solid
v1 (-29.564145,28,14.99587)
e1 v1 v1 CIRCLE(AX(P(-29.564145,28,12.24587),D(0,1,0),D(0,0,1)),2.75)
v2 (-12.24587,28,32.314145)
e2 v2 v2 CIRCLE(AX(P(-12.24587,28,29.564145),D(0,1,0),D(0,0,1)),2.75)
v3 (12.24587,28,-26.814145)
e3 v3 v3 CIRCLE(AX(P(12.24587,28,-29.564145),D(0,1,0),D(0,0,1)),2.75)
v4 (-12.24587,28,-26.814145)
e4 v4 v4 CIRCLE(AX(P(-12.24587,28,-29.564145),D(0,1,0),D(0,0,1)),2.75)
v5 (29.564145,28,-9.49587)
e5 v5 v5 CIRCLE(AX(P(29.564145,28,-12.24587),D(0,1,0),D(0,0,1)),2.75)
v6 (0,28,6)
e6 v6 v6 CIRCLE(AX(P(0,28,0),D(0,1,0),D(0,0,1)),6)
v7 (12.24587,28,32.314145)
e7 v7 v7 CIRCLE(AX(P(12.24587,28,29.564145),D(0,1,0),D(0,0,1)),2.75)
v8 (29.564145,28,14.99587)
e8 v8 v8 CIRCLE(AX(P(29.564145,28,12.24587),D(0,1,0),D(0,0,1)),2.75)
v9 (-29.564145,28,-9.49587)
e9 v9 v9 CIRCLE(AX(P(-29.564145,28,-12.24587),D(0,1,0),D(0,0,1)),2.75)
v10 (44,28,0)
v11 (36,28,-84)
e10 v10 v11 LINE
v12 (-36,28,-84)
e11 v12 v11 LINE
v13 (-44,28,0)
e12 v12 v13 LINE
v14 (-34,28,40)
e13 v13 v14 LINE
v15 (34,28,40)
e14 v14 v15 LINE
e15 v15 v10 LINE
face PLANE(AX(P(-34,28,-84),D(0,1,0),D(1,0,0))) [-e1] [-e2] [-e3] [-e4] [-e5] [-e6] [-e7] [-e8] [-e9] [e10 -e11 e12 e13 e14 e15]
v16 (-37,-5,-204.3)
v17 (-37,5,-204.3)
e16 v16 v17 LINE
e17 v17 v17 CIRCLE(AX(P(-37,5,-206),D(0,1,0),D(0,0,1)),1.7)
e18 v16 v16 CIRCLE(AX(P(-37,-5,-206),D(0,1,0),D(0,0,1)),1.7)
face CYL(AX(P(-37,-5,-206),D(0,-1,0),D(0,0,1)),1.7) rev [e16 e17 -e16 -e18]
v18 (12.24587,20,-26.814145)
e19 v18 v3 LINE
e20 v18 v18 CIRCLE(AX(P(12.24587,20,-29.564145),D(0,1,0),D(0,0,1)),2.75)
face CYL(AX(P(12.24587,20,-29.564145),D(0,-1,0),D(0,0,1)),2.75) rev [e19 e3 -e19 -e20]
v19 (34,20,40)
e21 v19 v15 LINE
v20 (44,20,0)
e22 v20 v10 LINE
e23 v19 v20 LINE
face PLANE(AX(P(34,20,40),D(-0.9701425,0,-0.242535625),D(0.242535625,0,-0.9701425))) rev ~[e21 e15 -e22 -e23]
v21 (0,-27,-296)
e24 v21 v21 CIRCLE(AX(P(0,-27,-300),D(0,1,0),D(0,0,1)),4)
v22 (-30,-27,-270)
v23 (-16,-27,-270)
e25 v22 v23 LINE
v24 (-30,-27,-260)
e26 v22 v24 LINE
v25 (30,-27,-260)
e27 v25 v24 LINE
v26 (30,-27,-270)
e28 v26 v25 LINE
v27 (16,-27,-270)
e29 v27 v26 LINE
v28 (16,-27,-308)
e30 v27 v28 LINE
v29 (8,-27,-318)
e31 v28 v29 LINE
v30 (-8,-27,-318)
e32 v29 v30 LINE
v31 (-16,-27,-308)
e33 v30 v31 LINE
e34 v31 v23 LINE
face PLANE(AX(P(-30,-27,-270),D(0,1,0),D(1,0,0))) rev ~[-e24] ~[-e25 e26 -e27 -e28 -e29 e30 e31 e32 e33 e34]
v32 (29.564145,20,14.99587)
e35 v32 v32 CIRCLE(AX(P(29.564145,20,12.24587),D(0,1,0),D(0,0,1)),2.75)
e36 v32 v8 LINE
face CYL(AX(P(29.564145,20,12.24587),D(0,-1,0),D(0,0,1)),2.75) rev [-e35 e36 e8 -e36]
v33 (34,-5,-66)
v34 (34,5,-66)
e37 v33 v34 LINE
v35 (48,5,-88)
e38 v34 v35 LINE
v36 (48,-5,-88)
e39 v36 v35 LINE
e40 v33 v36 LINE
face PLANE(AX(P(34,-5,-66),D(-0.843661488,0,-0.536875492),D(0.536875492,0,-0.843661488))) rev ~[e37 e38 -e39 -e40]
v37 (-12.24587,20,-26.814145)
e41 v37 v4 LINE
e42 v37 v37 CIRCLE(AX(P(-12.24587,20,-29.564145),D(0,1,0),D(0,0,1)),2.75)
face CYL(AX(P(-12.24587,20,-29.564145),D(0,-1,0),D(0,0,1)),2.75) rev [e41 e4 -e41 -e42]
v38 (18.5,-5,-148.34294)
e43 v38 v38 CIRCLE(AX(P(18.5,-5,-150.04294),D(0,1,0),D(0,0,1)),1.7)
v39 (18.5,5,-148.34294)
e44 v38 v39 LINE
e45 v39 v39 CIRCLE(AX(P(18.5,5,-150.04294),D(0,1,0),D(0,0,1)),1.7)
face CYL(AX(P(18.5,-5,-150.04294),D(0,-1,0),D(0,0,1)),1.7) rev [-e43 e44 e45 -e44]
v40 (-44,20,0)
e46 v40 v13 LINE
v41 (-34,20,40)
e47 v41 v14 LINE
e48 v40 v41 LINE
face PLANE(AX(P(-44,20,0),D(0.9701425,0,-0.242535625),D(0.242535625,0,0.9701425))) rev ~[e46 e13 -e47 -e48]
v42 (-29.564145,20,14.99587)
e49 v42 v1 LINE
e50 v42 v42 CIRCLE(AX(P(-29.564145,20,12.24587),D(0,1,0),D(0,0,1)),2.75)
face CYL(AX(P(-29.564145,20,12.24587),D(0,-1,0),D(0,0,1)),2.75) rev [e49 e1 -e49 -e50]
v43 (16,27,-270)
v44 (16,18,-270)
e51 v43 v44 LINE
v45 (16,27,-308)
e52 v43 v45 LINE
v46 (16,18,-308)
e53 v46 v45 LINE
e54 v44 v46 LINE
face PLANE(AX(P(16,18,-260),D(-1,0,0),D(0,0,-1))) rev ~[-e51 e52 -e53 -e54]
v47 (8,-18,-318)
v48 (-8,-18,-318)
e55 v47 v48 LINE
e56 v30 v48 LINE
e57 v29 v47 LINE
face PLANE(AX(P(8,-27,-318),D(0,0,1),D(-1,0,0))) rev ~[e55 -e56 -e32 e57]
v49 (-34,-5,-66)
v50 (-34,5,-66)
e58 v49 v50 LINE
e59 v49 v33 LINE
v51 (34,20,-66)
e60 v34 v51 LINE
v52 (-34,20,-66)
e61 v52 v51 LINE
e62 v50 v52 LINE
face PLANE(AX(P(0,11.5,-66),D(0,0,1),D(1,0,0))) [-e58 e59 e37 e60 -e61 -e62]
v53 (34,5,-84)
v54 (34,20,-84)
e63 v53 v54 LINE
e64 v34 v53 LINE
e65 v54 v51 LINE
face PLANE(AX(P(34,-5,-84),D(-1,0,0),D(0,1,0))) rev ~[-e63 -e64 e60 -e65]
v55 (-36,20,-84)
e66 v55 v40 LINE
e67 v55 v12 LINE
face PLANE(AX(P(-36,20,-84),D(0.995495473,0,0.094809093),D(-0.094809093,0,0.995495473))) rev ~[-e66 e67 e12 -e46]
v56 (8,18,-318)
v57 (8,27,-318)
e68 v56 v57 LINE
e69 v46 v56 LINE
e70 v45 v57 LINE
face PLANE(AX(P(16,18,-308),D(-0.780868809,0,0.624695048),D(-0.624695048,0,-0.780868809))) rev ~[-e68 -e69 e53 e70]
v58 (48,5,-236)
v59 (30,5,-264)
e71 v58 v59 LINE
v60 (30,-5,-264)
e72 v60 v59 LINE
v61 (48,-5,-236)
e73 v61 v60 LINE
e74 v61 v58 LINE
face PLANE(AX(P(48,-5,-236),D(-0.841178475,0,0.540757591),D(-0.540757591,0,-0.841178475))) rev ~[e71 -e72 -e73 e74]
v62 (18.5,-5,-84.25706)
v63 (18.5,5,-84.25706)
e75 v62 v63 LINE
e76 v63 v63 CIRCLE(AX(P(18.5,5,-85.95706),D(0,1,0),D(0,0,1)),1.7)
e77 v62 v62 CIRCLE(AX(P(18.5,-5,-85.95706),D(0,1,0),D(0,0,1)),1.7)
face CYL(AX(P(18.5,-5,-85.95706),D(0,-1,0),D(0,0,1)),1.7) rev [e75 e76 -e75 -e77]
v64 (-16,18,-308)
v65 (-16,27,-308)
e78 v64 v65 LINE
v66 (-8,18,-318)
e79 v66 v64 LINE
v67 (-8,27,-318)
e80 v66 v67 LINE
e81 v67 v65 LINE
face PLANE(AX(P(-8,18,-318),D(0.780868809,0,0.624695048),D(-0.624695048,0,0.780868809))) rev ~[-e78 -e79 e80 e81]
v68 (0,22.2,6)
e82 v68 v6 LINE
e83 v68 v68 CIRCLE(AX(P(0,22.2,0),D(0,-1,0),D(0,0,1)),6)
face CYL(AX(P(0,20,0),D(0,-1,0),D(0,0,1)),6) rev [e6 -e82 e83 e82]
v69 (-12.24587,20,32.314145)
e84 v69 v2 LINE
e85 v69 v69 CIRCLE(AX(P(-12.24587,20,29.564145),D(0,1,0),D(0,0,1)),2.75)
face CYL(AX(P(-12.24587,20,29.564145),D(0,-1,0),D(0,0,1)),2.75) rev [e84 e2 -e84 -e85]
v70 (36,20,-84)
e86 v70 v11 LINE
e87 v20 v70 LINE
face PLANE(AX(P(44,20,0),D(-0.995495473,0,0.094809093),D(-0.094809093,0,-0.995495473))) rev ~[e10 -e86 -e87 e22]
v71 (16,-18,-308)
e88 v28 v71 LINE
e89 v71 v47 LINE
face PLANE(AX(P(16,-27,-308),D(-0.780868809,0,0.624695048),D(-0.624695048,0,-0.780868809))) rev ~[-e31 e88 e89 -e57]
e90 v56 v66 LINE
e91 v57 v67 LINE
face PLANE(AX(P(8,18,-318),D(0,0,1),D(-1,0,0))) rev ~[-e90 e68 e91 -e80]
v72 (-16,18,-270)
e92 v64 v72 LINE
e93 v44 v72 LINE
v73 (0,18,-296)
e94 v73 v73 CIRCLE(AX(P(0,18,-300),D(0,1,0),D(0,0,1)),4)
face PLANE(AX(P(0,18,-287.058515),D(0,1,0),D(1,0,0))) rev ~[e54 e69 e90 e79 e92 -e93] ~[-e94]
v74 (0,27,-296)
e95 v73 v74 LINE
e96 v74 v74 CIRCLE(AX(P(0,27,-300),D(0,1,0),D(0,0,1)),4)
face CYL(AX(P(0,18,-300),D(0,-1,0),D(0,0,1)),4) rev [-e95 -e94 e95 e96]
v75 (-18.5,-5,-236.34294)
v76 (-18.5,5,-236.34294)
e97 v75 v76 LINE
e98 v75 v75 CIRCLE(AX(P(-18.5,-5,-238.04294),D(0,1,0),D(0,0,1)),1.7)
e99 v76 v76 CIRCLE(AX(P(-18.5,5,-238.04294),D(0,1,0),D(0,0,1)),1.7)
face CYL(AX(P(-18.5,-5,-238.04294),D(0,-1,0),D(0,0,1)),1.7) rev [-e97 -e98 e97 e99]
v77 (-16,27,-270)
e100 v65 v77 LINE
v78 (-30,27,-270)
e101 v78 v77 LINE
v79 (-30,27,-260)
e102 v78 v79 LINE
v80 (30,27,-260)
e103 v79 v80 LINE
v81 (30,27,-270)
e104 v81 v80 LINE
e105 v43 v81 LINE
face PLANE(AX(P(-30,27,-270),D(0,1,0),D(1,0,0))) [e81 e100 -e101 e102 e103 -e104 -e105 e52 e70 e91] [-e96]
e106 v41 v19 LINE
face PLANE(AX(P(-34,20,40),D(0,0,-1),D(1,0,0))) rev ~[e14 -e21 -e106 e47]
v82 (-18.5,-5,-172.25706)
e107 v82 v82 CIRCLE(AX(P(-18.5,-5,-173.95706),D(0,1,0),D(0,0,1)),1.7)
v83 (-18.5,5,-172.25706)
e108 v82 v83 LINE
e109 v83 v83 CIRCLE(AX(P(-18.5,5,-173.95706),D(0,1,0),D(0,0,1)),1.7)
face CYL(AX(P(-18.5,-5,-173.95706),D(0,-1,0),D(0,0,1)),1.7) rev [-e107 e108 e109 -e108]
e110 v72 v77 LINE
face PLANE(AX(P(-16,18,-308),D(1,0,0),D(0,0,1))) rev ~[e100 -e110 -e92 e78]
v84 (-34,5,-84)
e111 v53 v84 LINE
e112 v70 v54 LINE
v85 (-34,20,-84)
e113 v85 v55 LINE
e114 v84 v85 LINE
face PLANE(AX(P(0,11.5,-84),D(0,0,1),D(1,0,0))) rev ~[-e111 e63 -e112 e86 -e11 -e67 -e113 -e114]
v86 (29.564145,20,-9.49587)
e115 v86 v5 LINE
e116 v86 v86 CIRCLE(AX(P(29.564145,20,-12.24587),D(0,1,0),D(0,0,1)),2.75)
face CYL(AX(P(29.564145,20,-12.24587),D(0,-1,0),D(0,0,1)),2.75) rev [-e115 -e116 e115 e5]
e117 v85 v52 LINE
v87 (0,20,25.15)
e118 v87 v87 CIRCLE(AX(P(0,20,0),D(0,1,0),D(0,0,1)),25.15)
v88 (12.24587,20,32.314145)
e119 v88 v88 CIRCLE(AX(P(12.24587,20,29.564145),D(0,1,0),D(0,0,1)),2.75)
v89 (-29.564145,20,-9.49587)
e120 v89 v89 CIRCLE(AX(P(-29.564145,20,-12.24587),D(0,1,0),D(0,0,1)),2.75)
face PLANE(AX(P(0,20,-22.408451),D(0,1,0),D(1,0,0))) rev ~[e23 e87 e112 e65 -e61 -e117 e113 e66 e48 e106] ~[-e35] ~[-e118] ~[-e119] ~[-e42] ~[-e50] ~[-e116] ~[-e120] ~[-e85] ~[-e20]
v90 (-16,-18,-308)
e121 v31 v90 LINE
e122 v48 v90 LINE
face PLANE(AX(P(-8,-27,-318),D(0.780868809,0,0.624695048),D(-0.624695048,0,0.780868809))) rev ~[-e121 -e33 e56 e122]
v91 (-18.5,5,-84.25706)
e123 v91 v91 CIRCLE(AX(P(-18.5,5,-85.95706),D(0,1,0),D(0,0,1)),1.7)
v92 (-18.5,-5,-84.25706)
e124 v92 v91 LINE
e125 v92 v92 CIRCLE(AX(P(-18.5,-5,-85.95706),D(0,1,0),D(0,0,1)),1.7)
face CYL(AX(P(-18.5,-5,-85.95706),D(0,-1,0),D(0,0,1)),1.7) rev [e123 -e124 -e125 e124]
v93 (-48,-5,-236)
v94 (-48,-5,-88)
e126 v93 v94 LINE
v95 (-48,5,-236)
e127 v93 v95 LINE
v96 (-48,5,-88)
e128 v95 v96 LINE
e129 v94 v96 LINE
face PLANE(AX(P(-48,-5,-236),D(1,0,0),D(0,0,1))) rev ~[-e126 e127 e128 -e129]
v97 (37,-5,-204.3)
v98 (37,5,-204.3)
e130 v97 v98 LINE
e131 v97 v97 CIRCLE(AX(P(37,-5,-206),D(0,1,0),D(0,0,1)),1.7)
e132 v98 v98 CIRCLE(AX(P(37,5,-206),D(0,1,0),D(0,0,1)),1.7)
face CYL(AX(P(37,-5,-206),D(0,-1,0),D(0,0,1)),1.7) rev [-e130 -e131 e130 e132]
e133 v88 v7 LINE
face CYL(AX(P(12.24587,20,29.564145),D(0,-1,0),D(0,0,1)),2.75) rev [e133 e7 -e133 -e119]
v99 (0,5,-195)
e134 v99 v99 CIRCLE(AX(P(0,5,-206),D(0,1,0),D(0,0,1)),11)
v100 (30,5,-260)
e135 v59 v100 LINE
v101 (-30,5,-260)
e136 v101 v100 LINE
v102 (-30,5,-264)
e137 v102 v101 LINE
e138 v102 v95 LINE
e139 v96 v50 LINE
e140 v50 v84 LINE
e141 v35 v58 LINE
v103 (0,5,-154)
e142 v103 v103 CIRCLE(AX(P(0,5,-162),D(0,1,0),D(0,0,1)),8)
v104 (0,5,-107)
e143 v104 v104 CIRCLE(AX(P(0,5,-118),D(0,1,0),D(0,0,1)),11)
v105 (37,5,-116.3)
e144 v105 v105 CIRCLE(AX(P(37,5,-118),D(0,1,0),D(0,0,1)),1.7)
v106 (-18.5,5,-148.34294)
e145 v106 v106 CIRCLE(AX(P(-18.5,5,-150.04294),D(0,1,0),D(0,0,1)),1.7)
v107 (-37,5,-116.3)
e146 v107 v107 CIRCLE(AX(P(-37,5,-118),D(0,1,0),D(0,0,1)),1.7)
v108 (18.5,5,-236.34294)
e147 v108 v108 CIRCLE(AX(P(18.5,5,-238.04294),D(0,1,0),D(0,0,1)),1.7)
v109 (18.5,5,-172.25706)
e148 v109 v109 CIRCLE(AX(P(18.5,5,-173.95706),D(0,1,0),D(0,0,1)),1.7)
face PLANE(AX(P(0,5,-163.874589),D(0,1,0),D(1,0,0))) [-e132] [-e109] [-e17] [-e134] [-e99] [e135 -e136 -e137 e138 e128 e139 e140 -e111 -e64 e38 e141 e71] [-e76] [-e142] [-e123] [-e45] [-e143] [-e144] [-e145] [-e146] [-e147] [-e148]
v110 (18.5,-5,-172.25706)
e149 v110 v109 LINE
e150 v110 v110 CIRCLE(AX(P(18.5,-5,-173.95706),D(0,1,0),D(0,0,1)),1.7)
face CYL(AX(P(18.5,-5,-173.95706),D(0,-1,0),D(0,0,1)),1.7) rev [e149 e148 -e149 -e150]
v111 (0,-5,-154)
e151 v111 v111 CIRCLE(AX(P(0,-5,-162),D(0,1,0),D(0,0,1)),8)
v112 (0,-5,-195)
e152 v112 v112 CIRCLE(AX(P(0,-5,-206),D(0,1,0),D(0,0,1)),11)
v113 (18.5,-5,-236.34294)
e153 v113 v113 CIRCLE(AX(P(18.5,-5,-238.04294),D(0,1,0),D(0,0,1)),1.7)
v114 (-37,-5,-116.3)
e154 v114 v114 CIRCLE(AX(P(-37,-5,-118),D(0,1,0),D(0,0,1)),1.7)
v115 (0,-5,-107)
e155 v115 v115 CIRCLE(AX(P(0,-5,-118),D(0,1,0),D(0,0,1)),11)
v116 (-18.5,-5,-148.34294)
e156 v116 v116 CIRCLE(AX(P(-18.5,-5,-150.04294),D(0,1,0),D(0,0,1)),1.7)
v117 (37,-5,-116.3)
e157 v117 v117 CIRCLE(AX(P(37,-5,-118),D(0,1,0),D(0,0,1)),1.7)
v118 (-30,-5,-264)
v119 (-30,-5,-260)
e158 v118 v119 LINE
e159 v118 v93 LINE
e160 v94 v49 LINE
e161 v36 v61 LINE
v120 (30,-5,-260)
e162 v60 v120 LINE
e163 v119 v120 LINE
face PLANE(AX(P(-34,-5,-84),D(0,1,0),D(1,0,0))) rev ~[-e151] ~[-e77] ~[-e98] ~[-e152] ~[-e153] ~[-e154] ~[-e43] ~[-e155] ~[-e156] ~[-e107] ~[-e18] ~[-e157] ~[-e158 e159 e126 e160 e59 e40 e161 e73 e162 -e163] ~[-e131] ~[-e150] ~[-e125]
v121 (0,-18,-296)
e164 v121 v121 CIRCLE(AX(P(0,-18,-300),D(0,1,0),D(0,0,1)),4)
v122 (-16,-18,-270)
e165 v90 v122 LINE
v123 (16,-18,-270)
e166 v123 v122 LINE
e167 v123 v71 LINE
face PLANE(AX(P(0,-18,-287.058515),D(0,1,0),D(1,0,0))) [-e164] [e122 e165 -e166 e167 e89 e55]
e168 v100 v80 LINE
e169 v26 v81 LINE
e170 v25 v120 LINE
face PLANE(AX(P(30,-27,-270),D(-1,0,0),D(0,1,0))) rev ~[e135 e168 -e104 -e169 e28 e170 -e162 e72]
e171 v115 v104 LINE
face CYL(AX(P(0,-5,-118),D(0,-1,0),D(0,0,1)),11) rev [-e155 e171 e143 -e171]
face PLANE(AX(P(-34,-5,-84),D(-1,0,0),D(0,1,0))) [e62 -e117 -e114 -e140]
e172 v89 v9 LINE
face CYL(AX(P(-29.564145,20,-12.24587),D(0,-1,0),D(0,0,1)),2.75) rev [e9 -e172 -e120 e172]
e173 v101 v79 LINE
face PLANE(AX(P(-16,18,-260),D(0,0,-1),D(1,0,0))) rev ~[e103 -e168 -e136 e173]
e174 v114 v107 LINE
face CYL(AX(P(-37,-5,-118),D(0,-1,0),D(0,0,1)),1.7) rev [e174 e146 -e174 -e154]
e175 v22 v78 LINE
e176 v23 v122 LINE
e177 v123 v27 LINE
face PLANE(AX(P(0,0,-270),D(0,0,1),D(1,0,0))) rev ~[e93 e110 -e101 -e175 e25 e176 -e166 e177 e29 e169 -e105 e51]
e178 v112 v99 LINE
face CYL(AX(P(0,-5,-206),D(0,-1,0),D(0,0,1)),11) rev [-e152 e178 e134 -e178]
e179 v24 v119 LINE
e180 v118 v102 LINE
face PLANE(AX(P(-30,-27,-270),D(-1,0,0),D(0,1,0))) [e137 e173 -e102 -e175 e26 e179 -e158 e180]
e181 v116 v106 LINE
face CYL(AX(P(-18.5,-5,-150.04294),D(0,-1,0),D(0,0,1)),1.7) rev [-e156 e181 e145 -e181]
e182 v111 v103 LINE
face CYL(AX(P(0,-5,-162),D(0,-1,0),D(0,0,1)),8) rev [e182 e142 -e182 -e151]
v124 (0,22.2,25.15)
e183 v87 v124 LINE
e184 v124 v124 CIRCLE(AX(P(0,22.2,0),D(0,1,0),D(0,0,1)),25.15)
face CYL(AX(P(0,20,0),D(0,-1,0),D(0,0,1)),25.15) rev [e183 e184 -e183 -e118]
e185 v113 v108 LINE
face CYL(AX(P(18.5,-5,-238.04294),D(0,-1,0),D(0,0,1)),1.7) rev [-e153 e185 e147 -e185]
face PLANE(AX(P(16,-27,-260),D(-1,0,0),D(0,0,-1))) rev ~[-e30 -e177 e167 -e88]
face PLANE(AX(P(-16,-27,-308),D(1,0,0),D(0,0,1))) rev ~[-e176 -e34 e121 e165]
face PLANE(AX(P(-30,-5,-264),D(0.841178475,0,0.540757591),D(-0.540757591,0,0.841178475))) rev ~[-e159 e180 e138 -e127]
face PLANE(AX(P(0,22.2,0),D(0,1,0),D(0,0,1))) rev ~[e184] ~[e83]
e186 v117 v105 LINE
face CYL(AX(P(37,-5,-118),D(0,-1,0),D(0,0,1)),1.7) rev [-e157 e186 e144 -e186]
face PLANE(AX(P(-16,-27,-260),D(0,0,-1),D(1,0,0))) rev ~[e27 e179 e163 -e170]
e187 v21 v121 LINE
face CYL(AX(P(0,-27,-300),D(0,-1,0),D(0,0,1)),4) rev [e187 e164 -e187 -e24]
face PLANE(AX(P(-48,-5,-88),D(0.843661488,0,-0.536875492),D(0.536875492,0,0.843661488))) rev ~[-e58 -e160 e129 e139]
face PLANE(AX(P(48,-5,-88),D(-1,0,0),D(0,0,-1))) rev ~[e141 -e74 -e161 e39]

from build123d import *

# Parameters (mm, degrees)
SK_KNEE_PLATE_R         = 2.75
SK_KNEE_PLATE_R_2       = 6
KNEE_PLATE_DEPTH        = 8
SK_KNEE_PILOT_RECESS_R  = 25.15
KNEE_PILOT_RECESS_DEPTH = 2.2
SK_JOGGLE_W             = 68
SK_JOGGLE_H             = 33
JOGGLE_DEPTH            = 18
SK_WEB_R                = 1.7
SK_WEB_R_2              = 11
SK_WEB_R_3              = 8
WEB_DEPTH               = 10
SK_FORK_BAR_W           = 60
SK_FORK_BAR_H           = 54
FORK_BAR_DEPTH          = 10
SK_TINE_LAT_R           = 4
TINE_LAT_DEPTH          = 9
SK_TINE_MED_R           = 4
TINE_MED_DEPTH          = 9


with BuildPart() as part:
    # SK_Knee_Plate → Knee_Plate (new body)
    with BuildSketch(Plane(origin=(0, 20, 0), x_dir=(1, 0, 0), z_dir=(0, 1, 0))):
        Polygon((-34, -40), (34, -40), (44, 0), (36, 84), (-36, 84), (-44, 0), align=None)
        with Locations((29.56414504, 12.245869836)):
            Circle(SK_KNEE_PLATE_R, mode=Mode.SUBTRACT)
        with Locations((12.245869836, 29.56414504)):
            Circle(SK_KNEE_PLATE_R, mode=Mode.SUBTRACT)
        with Locations((-12.245869836, 29.56414504)):
            Circle(SK_KNEE_PLATE_R, mode=Mode.SUBTRACT)
        with Locations((-29.56414504, 12.245869836)):
            Circle(SK_KNEE_PLATE_R, mode=Mode.SUBTRACT)
        with Locations((-29.56414504, -12.245869836)):
            Circle(SK_KNEE_PLATE_R, mode=Mode.SUBTRACT)
        with Locations((-12.245869836, -29.56414504)):
            Circle(SK_KNEE_PLATE_R, mode=Mode.SUBTRACT)
        with Locations((12.245869836, -29.56414504)):
            Circle(SK_KNEE_PLATE_R, mode=Mode.SUBTRACT)
        with Locations((29.56414504, -12.245869836)):
            Circle(SK_KNEE_PLATE_R, mode=Mode.SUBTRACT)
        Circle(SK_KNEE_PLATE_R_2, mode=Mode.SUBTRACT)
    extrude(amount=KNEE_PLATE_DEPTH)

    # SK_Knee_Pilot_Recess → Knee_Pilot_Recess (cut)
    with BuildSketch(Plane(origin=(0, 20, 0), x_dir=(1, 0, 0), z_dir=(0, 1, 0))):
        Circle(SK_KNEE_PILOT_RECESS_R)
    extrude(amount=KNEE_PILOT_RECESS_DEPTH, mode=Mode.SUBTRACT)

    # SK_Joggle → Joggle (add)
    with BuildSketch(Plane.XY.offset(-84)):
        with Locations((0, 11.5)):
            Rectangle(SK_JOGGLE_W, SK_JOGGLE_H)
    extrude(amount=JOGGLE_DEPTH)

    # SK_Web → Web (add)
    with BuildSketch(Plane(origin=(0, -5, 0), x_dir=(1, 0, 0), z_dir=(0, 1, 0))):
        Polygon((-34, 66), (34, 66), (48, 88), (48, 236), (30, 264), (-30, 264), (-48, 236), (-48, 88), align=None)
        with Locations((37, 118)):
            Circle(SK_WEB_R, mode=Mode.SUBTRACT)
        with Locations((18.5, 150.04293994)):
            Circle(SK_WEB_R, mode=Mode.SUBTRACT)
        with Locations((-18.5, 150.04293994)):
            Circle(SK_WEB_R, mode=Mode.SUBTRACT)
        with Locations((-37, 118)):
            Circle(SK_WEB_R, mode=Mode.SUBTRACT)
        with Locations((-18.5, 85.95706006)):
            Circle(SK_WEB_R, mode=Mode.SUBTRACT)
        with Locations((18.5, 85.95706006)):
            Circle(SK_WEB_R, mode=Mode.SUBTRACT)
        with Locations((37, 206)):
            Circle(SK_WEB_R, mode=Mode.SUBTRACT)
        with Locations((18.5, 238.04293994)):
            Circle(SK_WEB_R, mode=Mode.SUBTRACT)
        with Locations((-18.5, 238.04293994)):
            Circle(SK_WEB_R, mode=Mode.SUBTRACT)
        with Locations((-37, 206)):
            Circle(SK_WEB_R, mode=Mode.SUBTRACT)
        with Locations((-18.5, 173.95706006)):
            Circle(SK_WEB_R, mode=Mode.SUBTRACT)
        with Locations((18.5, 173.95706006)):
            Circle(SK_WEB_R, mode=Mode.SUBTRACT)
        with Locations((0, 118)):
            Circle(SK_WEB_R_2, mode=Mode.SUBTRACT)
        with Locations((0, 206)):
            Circle(SK_WEB_R_2, mode=Mode.SUBTRACT)
        with Locations((0, 162)):
            Circle(SK_WEB_R_3, mode=Mode.SUBTRACT)
    extrude(amount=WEB_DEPTH)

    # SK_Fork_Bar → Fork_Bar (add)
    with BuildSketch(Plane.XY.offset(-270)):
        Rectangle(SK_FORK_BAR_W, SK_FORK_BAR_H)
    extrude(amount=FORK_BAR_DEPTH)

    # SK_Tine_Lat → Tine_Lat (add)
    with BuildSketch(Plane(origin=(0, -27, 0), x_dir=(1, 0, 0), z_dir=(0, 1, 0))):
        Polygon((-16, 260), (16, 260), (16, 308), (8, 318), (-8, 318), (-16, 308), align=None)
        with Locations((0, 300)):
            Circle(SK_TINE_LAT_R, mode=Mode.SUBTRACT)
    extrude(amount=TINE_LAT_DEPTH)

    # SK_Tine_Med → Tine_Med (add)
    with BuildSketch(Plane(origin=(0, 18, 0), x_dir=(1, 0, 0), z_dir=(0, 1, 0))):
        Polygon((-16, 260), (16, 260), (16, 308), (8, 318), (-8, 318), (-16, 308), align=None)
        with Locations((0, 300)):
            Circle(SK_TINE_MED_R, mode=Mode.SUBTRACT)
    extrude(amount=TINE_MED_DEPTH)


solid = part.part
